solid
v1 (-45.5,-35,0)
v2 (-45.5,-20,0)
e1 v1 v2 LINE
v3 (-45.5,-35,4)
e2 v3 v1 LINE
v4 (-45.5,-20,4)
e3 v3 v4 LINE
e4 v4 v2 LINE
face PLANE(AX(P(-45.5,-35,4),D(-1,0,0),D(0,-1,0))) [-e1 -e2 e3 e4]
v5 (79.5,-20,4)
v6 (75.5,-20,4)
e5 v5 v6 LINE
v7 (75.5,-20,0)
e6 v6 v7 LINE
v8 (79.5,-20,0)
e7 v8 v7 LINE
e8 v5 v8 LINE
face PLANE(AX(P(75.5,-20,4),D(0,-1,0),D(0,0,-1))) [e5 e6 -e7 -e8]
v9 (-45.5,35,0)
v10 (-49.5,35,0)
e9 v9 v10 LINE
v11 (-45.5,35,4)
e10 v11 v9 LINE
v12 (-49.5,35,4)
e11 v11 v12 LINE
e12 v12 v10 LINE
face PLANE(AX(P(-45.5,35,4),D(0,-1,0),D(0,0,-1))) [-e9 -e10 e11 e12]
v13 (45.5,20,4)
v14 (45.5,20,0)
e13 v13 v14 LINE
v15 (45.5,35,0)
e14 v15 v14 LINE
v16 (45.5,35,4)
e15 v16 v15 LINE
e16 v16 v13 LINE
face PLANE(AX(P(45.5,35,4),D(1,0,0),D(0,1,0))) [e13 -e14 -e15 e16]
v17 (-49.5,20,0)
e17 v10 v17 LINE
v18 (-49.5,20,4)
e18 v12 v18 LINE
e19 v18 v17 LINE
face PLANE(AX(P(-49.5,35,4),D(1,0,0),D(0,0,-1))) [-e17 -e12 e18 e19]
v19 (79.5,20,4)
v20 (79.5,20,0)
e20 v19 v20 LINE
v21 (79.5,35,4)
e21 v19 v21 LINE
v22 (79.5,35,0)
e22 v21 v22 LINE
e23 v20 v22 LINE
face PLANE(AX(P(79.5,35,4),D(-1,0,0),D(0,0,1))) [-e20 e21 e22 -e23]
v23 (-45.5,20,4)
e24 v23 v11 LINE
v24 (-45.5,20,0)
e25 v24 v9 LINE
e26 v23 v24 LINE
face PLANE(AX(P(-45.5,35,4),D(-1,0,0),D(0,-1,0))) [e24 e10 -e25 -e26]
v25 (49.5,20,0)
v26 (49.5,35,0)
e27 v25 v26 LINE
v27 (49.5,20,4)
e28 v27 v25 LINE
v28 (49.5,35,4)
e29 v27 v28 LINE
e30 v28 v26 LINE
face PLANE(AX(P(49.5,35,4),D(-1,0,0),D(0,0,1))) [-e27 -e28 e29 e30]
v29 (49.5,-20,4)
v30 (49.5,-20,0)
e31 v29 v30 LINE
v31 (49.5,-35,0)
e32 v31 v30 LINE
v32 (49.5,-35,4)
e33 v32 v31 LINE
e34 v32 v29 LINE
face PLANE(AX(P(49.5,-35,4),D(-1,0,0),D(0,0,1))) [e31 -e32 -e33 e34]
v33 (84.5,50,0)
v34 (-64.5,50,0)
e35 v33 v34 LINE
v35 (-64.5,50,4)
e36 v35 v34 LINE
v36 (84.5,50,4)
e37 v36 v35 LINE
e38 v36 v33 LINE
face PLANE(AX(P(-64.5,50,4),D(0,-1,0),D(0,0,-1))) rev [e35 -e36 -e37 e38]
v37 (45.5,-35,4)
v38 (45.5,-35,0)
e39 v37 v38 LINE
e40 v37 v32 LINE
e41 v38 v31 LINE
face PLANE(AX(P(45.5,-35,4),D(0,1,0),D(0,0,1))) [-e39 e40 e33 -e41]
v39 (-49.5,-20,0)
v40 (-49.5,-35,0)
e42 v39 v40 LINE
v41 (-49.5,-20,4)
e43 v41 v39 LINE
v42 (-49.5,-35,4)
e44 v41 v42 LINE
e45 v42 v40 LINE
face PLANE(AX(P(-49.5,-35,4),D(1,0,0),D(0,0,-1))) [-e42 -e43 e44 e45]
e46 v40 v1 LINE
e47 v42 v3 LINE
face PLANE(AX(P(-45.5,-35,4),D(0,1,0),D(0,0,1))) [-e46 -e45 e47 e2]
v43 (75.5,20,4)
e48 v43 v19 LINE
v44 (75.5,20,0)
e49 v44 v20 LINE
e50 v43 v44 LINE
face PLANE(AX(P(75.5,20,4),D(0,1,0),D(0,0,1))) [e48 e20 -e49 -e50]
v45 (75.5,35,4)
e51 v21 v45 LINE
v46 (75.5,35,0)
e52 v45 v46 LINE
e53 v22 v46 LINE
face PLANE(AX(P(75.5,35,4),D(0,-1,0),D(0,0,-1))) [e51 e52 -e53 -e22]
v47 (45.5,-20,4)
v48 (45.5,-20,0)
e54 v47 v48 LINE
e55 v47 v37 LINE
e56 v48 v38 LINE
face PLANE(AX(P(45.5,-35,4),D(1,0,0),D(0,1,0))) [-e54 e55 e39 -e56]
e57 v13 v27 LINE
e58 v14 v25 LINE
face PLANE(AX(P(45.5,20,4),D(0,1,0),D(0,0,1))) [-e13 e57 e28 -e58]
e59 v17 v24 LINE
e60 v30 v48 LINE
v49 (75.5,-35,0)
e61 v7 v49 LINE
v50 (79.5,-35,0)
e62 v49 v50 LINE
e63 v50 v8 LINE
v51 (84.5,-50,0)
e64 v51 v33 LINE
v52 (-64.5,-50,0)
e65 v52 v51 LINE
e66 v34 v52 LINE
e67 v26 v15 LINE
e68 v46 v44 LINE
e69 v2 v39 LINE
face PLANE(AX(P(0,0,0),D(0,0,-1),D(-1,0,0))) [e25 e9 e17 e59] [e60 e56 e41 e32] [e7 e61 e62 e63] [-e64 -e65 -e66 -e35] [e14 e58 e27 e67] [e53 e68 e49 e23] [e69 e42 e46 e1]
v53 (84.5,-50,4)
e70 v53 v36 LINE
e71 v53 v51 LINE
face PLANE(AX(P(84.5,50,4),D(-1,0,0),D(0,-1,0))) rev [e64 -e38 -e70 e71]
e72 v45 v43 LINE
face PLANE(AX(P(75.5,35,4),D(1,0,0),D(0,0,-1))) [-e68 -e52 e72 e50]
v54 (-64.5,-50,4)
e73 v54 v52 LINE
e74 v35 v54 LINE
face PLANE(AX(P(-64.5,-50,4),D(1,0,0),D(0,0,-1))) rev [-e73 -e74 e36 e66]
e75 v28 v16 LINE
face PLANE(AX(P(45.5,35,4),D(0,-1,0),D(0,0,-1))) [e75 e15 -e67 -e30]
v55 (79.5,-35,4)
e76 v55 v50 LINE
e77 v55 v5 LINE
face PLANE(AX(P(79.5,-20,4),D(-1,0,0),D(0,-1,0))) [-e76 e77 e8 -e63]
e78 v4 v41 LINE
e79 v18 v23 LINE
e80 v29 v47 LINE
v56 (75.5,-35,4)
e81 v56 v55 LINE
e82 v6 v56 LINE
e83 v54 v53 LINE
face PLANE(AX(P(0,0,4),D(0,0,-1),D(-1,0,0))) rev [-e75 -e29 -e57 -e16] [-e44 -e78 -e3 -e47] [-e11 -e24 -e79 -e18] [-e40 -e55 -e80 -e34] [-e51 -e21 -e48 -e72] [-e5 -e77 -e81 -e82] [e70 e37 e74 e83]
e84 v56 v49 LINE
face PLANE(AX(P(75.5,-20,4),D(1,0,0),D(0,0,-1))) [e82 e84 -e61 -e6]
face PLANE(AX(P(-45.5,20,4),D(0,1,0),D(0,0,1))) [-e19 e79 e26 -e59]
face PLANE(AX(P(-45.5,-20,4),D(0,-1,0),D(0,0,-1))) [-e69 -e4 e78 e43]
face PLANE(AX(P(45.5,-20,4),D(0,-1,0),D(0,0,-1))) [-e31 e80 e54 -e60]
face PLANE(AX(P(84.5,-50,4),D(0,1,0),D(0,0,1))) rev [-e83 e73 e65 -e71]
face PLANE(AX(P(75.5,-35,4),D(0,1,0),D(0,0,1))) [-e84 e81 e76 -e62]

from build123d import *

# Parameters (mm, degrees)
SKETCH1_W           = 4
SKETCH1_H           = 15
BOSS_EXTRUDE1_DEPTH = 4


with BuildPart() as part:
    # Sketch1 → Boss-Extrude1 (new body)
    with BuildSketch(Plane.XY):
        Polygon((-64.5, -50), (64.5, -50), (84.5, -50), (84.5, 50), (64.5, 50), (-64.5, 50), align=None)
        with Locations((47.5, 27.5)):
            Rectangle(SKETCH1_W, SKETCH1_H, mode=Mode.SUBTRACT)
        with Locations((47.5, -27.5)):
            Rectangle(SKETCH1_W, SKETCH1_H, mode=Mode.SUBTRACT)
        with Locations((-47.5, 27.5)):
            Rectangle(SKETCH1_W, SKETCH1_H, mode=Mode.SUBTRACT)
        with Locations((-47.5, -27.5)):
            Rectangle(SKETCH1_W, SKETCH1_H, mode=Mode.SUBTRACT)
        with Locations((77.5, 27.5)):
            Rectangle(SKETCH1_W, SKETCH1_H, mode=Mode.SUBTRACT)
        with Locations((77.5, -27.5)):
            Rectangle(SKETCH1_W, SKETCH1_H, mode=Mode.SUBTRACT)
    extrude(amount=BOSS_EXTRUDE1_DEPTH)


solid = part.part
